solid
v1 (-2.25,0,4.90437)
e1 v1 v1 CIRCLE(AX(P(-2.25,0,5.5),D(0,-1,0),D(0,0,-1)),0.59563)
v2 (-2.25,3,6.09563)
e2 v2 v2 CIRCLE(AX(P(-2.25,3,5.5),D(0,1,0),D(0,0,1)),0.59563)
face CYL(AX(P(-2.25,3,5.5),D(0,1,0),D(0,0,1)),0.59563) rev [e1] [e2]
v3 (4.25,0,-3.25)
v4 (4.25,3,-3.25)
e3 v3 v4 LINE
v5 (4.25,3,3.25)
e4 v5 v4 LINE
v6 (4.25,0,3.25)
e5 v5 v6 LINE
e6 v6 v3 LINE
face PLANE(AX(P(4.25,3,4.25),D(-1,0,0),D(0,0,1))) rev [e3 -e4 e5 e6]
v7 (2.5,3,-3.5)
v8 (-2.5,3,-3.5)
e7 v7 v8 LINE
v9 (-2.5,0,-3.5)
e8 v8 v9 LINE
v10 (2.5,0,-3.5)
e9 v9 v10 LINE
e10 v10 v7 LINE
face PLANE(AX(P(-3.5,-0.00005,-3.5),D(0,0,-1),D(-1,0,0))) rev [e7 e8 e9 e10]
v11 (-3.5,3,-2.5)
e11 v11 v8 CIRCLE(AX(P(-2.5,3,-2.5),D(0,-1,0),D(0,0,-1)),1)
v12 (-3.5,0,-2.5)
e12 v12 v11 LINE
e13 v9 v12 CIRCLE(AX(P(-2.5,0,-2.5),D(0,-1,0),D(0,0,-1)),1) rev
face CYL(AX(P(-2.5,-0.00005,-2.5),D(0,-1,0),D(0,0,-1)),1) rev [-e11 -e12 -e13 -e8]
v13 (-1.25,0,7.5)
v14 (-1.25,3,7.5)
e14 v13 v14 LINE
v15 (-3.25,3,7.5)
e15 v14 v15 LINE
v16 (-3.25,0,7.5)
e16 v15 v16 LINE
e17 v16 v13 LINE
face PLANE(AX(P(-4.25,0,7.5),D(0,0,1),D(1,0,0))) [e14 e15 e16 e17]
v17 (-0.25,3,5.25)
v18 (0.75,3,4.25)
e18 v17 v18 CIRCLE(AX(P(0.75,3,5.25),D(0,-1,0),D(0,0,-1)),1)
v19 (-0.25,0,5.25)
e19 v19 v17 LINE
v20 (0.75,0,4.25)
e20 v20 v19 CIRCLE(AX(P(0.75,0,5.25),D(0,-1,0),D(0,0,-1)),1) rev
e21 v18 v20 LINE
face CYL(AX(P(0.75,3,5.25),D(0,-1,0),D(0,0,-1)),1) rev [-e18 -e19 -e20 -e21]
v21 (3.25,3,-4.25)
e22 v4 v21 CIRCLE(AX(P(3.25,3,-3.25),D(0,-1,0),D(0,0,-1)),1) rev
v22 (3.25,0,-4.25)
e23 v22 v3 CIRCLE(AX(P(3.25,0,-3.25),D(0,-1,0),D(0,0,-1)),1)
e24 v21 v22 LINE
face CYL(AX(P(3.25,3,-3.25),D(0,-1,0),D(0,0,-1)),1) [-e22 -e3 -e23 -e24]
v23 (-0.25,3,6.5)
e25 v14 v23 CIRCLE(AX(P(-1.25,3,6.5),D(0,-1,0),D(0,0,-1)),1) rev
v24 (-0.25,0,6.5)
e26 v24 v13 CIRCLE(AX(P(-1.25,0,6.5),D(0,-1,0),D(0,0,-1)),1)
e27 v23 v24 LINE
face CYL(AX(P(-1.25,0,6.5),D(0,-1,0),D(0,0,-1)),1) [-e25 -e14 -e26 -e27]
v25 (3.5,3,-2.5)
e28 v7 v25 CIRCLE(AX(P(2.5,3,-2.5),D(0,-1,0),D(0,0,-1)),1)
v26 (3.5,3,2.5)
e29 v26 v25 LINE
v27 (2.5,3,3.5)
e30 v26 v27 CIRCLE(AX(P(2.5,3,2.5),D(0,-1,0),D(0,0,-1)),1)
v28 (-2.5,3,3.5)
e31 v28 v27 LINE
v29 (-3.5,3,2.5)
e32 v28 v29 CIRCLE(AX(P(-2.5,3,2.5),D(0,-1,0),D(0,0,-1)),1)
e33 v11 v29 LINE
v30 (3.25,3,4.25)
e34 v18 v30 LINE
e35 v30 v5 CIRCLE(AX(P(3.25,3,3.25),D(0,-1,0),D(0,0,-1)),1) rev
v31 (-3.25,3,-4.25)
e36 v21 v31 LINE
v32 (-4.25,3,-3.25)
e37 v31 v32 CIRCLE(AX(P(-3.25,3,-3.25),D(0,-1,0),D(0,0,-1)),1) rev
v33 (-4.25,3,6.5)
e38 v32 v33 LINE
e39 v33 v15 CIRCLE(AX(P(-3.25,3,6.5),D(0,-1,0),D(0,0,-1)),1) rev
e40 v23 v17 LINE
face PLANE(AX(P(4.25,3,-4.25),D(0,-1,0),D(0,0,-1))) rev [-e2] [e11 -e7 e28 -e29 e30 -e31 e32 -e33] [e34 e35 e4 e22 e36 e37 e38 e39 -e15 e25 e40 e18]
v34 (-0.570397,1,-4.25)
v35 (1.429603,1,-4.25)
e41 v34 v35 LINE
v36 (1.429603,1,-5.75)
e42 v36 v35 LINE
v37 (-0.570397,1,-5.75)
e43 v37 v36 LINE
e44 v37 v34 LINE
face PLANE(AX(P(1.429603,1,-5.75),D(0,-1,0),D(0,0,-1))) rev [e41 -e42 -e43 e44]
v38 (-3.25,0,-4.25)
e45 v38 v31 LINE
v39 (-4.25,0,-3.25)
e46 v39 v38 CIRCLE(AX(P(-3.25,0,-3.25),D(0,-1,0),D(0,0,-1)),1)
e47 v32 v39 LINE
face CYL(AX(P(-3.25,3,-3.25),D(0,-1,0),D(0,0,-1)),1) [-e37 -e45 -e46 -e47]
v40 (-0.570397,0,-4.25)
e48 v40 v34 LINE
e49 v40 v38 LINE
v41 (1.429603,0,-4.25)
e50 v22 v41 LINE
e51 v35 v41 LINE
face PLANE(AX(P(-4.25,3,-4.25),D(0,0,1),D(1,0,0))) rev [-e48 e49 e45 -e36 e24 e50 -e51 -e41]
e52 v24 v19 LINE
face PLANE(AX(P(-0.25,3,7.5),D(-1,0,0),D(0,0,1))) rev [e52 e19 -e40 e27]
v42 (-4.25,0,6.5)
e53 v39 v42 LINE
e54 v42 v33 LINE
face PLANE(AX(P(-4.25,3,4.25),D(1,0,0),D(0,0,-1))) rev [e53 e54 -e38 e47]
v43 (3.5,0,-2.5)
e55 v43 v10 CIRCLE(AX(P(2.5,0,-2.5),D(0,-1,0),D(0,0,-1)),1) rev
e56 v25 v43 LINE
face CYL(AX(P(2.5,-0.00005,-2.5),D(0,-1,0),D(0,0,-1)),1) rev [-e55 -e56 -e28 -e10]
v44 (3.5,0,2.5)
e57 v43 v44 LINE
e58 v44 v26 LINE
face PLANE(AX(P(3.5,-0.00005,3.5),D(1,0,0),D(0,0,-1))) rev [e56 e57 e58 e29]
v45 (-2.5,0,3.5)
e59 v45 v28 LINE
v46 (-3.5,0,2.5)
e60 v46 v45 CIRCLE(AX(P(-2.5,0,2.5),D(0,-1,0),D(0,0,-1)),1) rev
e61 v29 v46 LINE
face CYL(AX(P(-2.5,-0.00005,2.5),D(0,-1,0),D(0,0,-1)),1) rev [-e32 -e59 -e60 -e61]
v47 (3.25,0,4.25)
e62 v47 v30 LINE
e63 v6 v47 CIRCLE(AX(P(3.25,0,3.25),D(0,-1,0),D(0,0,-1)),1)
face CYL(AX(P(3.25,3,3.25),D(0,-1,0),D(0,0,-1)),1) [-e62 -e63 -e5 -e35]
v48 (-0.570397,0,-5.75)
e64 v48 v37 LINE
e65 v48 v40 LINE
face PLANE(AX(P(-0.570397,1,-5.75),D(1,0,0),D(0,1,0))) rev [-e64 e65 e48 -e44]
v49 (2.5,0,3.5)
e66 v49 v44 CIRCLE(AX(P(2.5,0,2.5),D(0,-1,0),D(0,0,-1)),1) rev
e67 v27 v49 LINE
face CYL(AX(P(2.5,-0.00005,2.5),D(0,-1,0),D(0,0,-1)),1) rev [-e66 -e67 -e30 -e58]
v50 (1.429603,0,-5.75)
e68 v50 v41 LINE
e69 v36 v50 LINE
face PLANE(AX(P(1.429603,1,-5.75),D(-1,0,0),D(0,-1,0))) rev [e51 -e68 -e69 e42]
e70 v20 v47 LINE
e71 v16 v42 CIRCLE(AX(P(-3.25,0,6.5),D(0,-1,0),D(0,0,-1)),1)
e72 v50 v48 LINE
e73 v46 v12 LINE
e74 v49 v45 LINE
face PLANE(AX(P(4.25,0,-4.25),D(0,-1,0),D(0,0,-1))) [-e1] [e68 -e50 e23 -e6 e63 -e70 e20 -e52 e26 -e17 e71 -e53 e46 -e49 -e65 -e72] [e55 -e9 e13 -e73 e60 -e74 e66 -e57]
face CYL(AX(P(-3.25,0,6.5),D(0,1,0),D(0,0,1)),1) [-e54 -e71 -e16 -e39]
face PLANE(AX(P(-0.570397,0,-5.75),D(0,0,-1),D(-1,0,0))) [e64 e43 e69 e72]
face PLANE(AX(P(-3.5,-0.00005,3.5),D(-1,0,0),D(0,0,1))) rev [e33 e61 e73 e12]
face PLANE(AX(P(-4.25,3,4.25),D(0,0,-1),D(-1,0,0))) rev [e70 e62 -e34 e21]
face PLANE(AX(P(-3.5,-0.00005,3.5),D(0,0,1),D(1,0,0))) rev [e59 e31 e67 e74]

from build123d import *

# Parameters (mm, degrees)
SKETCH1_W             = 8.5
SKETCH1_H             = 8.5
EXTRUDE1_DEPTH        = 3
SKETCH3_W             = 4
SKETCH3_H             = 3
EXTRUDE3_DEPTH        = 3.25
SKETCH2_W             = 7
SKETCH2_H             = 7
EXTRUDE2_DEPTH        = 4
F_0_80_TAPPED_HOLE1_D = 1.19126
SKETCH11_W            = 2
SKETCH11_H            = 1
EXTRUDE5_DEPTH        = 1.5
FILLET1_R             = 1


with BuildPart() as part:
    # Sketch1 → Extrude1 (new body)
    with BuildSketch(Plane(origin=(0, 0, 0), x_dir=(1, 0, 0), z_dir=(0, 1, 0))):
        Rectangle(SKETCH1_W, SKETCH1_H)
    extrude(amount=EXTRUDE1_DEPTH)

    # Sketch3 → Extrude3 (add)
    with BuildSketch(Plane.XY.offset(4.25)):
        with Locations((-2.25, 1.5)):
            Rectangle(SKETCH3_W, SKETCH3_H)
    extrude(amount=EXTRUDE3_DEPTH)

    # Sketch2 → Extrude2 (cut, through all)
    with BuildSketch(Plane(origin=(0, 3, 0), x_dir=(1, 0, 0), z_dir=(0, 1, 0))):
        Rectangle(SKETCH2_W, SKETCH2_H)
    extrude(amount=-EXTRUDE2_DEPTH, mode=Mode.SUBTRACT)

    # #0-80 Tapped Hole1 (through all)
    with Locations(Plane(origin=(-2.25, 3, 5.5), x_dir=(0, 0, 1), z_dir=(0, 1, 0))):
        with Locations((0, 0)):
            Hole(F_0_80_TAPPED_HOLE1_D / 2)

    # Sketch11 → Extrude5 (add)
    with BuildSketch(Plane(origin=(0, 0, -4.25), x_dir=(-1, 0, 0), z_dir=(0, 0, -1))):
        with Locations((-0.42960296, 0.5)):
            Rectangle(SKETCH11_W, SKETCH11_H)
    extrude(amount=EXTRUDE5_DEPTH)

    # Fillet1
    fillet1_edges = [part.edges().sort_by_distance(p)[0] for p in [
        (3.5, 1.5, -3.5),
        (-3.5, 1.5, -3.5),
        (-3.5, 1.5, 3.5),
        (3.5, 1.5, 3.5),
        (-4.25, 1.5, 7.5),
        (-0.25, 1.5, 7.5),
        (-0.25, 1.5, 4.25),
        (4.25, 1.5, 4.25),
        (4.25, 1.5, -4.25),
        (-4.25, 1.5, -4.25),
    ]]
    fillet(fillet1_edges, radius=FILLET1_R)


solid = part.part
